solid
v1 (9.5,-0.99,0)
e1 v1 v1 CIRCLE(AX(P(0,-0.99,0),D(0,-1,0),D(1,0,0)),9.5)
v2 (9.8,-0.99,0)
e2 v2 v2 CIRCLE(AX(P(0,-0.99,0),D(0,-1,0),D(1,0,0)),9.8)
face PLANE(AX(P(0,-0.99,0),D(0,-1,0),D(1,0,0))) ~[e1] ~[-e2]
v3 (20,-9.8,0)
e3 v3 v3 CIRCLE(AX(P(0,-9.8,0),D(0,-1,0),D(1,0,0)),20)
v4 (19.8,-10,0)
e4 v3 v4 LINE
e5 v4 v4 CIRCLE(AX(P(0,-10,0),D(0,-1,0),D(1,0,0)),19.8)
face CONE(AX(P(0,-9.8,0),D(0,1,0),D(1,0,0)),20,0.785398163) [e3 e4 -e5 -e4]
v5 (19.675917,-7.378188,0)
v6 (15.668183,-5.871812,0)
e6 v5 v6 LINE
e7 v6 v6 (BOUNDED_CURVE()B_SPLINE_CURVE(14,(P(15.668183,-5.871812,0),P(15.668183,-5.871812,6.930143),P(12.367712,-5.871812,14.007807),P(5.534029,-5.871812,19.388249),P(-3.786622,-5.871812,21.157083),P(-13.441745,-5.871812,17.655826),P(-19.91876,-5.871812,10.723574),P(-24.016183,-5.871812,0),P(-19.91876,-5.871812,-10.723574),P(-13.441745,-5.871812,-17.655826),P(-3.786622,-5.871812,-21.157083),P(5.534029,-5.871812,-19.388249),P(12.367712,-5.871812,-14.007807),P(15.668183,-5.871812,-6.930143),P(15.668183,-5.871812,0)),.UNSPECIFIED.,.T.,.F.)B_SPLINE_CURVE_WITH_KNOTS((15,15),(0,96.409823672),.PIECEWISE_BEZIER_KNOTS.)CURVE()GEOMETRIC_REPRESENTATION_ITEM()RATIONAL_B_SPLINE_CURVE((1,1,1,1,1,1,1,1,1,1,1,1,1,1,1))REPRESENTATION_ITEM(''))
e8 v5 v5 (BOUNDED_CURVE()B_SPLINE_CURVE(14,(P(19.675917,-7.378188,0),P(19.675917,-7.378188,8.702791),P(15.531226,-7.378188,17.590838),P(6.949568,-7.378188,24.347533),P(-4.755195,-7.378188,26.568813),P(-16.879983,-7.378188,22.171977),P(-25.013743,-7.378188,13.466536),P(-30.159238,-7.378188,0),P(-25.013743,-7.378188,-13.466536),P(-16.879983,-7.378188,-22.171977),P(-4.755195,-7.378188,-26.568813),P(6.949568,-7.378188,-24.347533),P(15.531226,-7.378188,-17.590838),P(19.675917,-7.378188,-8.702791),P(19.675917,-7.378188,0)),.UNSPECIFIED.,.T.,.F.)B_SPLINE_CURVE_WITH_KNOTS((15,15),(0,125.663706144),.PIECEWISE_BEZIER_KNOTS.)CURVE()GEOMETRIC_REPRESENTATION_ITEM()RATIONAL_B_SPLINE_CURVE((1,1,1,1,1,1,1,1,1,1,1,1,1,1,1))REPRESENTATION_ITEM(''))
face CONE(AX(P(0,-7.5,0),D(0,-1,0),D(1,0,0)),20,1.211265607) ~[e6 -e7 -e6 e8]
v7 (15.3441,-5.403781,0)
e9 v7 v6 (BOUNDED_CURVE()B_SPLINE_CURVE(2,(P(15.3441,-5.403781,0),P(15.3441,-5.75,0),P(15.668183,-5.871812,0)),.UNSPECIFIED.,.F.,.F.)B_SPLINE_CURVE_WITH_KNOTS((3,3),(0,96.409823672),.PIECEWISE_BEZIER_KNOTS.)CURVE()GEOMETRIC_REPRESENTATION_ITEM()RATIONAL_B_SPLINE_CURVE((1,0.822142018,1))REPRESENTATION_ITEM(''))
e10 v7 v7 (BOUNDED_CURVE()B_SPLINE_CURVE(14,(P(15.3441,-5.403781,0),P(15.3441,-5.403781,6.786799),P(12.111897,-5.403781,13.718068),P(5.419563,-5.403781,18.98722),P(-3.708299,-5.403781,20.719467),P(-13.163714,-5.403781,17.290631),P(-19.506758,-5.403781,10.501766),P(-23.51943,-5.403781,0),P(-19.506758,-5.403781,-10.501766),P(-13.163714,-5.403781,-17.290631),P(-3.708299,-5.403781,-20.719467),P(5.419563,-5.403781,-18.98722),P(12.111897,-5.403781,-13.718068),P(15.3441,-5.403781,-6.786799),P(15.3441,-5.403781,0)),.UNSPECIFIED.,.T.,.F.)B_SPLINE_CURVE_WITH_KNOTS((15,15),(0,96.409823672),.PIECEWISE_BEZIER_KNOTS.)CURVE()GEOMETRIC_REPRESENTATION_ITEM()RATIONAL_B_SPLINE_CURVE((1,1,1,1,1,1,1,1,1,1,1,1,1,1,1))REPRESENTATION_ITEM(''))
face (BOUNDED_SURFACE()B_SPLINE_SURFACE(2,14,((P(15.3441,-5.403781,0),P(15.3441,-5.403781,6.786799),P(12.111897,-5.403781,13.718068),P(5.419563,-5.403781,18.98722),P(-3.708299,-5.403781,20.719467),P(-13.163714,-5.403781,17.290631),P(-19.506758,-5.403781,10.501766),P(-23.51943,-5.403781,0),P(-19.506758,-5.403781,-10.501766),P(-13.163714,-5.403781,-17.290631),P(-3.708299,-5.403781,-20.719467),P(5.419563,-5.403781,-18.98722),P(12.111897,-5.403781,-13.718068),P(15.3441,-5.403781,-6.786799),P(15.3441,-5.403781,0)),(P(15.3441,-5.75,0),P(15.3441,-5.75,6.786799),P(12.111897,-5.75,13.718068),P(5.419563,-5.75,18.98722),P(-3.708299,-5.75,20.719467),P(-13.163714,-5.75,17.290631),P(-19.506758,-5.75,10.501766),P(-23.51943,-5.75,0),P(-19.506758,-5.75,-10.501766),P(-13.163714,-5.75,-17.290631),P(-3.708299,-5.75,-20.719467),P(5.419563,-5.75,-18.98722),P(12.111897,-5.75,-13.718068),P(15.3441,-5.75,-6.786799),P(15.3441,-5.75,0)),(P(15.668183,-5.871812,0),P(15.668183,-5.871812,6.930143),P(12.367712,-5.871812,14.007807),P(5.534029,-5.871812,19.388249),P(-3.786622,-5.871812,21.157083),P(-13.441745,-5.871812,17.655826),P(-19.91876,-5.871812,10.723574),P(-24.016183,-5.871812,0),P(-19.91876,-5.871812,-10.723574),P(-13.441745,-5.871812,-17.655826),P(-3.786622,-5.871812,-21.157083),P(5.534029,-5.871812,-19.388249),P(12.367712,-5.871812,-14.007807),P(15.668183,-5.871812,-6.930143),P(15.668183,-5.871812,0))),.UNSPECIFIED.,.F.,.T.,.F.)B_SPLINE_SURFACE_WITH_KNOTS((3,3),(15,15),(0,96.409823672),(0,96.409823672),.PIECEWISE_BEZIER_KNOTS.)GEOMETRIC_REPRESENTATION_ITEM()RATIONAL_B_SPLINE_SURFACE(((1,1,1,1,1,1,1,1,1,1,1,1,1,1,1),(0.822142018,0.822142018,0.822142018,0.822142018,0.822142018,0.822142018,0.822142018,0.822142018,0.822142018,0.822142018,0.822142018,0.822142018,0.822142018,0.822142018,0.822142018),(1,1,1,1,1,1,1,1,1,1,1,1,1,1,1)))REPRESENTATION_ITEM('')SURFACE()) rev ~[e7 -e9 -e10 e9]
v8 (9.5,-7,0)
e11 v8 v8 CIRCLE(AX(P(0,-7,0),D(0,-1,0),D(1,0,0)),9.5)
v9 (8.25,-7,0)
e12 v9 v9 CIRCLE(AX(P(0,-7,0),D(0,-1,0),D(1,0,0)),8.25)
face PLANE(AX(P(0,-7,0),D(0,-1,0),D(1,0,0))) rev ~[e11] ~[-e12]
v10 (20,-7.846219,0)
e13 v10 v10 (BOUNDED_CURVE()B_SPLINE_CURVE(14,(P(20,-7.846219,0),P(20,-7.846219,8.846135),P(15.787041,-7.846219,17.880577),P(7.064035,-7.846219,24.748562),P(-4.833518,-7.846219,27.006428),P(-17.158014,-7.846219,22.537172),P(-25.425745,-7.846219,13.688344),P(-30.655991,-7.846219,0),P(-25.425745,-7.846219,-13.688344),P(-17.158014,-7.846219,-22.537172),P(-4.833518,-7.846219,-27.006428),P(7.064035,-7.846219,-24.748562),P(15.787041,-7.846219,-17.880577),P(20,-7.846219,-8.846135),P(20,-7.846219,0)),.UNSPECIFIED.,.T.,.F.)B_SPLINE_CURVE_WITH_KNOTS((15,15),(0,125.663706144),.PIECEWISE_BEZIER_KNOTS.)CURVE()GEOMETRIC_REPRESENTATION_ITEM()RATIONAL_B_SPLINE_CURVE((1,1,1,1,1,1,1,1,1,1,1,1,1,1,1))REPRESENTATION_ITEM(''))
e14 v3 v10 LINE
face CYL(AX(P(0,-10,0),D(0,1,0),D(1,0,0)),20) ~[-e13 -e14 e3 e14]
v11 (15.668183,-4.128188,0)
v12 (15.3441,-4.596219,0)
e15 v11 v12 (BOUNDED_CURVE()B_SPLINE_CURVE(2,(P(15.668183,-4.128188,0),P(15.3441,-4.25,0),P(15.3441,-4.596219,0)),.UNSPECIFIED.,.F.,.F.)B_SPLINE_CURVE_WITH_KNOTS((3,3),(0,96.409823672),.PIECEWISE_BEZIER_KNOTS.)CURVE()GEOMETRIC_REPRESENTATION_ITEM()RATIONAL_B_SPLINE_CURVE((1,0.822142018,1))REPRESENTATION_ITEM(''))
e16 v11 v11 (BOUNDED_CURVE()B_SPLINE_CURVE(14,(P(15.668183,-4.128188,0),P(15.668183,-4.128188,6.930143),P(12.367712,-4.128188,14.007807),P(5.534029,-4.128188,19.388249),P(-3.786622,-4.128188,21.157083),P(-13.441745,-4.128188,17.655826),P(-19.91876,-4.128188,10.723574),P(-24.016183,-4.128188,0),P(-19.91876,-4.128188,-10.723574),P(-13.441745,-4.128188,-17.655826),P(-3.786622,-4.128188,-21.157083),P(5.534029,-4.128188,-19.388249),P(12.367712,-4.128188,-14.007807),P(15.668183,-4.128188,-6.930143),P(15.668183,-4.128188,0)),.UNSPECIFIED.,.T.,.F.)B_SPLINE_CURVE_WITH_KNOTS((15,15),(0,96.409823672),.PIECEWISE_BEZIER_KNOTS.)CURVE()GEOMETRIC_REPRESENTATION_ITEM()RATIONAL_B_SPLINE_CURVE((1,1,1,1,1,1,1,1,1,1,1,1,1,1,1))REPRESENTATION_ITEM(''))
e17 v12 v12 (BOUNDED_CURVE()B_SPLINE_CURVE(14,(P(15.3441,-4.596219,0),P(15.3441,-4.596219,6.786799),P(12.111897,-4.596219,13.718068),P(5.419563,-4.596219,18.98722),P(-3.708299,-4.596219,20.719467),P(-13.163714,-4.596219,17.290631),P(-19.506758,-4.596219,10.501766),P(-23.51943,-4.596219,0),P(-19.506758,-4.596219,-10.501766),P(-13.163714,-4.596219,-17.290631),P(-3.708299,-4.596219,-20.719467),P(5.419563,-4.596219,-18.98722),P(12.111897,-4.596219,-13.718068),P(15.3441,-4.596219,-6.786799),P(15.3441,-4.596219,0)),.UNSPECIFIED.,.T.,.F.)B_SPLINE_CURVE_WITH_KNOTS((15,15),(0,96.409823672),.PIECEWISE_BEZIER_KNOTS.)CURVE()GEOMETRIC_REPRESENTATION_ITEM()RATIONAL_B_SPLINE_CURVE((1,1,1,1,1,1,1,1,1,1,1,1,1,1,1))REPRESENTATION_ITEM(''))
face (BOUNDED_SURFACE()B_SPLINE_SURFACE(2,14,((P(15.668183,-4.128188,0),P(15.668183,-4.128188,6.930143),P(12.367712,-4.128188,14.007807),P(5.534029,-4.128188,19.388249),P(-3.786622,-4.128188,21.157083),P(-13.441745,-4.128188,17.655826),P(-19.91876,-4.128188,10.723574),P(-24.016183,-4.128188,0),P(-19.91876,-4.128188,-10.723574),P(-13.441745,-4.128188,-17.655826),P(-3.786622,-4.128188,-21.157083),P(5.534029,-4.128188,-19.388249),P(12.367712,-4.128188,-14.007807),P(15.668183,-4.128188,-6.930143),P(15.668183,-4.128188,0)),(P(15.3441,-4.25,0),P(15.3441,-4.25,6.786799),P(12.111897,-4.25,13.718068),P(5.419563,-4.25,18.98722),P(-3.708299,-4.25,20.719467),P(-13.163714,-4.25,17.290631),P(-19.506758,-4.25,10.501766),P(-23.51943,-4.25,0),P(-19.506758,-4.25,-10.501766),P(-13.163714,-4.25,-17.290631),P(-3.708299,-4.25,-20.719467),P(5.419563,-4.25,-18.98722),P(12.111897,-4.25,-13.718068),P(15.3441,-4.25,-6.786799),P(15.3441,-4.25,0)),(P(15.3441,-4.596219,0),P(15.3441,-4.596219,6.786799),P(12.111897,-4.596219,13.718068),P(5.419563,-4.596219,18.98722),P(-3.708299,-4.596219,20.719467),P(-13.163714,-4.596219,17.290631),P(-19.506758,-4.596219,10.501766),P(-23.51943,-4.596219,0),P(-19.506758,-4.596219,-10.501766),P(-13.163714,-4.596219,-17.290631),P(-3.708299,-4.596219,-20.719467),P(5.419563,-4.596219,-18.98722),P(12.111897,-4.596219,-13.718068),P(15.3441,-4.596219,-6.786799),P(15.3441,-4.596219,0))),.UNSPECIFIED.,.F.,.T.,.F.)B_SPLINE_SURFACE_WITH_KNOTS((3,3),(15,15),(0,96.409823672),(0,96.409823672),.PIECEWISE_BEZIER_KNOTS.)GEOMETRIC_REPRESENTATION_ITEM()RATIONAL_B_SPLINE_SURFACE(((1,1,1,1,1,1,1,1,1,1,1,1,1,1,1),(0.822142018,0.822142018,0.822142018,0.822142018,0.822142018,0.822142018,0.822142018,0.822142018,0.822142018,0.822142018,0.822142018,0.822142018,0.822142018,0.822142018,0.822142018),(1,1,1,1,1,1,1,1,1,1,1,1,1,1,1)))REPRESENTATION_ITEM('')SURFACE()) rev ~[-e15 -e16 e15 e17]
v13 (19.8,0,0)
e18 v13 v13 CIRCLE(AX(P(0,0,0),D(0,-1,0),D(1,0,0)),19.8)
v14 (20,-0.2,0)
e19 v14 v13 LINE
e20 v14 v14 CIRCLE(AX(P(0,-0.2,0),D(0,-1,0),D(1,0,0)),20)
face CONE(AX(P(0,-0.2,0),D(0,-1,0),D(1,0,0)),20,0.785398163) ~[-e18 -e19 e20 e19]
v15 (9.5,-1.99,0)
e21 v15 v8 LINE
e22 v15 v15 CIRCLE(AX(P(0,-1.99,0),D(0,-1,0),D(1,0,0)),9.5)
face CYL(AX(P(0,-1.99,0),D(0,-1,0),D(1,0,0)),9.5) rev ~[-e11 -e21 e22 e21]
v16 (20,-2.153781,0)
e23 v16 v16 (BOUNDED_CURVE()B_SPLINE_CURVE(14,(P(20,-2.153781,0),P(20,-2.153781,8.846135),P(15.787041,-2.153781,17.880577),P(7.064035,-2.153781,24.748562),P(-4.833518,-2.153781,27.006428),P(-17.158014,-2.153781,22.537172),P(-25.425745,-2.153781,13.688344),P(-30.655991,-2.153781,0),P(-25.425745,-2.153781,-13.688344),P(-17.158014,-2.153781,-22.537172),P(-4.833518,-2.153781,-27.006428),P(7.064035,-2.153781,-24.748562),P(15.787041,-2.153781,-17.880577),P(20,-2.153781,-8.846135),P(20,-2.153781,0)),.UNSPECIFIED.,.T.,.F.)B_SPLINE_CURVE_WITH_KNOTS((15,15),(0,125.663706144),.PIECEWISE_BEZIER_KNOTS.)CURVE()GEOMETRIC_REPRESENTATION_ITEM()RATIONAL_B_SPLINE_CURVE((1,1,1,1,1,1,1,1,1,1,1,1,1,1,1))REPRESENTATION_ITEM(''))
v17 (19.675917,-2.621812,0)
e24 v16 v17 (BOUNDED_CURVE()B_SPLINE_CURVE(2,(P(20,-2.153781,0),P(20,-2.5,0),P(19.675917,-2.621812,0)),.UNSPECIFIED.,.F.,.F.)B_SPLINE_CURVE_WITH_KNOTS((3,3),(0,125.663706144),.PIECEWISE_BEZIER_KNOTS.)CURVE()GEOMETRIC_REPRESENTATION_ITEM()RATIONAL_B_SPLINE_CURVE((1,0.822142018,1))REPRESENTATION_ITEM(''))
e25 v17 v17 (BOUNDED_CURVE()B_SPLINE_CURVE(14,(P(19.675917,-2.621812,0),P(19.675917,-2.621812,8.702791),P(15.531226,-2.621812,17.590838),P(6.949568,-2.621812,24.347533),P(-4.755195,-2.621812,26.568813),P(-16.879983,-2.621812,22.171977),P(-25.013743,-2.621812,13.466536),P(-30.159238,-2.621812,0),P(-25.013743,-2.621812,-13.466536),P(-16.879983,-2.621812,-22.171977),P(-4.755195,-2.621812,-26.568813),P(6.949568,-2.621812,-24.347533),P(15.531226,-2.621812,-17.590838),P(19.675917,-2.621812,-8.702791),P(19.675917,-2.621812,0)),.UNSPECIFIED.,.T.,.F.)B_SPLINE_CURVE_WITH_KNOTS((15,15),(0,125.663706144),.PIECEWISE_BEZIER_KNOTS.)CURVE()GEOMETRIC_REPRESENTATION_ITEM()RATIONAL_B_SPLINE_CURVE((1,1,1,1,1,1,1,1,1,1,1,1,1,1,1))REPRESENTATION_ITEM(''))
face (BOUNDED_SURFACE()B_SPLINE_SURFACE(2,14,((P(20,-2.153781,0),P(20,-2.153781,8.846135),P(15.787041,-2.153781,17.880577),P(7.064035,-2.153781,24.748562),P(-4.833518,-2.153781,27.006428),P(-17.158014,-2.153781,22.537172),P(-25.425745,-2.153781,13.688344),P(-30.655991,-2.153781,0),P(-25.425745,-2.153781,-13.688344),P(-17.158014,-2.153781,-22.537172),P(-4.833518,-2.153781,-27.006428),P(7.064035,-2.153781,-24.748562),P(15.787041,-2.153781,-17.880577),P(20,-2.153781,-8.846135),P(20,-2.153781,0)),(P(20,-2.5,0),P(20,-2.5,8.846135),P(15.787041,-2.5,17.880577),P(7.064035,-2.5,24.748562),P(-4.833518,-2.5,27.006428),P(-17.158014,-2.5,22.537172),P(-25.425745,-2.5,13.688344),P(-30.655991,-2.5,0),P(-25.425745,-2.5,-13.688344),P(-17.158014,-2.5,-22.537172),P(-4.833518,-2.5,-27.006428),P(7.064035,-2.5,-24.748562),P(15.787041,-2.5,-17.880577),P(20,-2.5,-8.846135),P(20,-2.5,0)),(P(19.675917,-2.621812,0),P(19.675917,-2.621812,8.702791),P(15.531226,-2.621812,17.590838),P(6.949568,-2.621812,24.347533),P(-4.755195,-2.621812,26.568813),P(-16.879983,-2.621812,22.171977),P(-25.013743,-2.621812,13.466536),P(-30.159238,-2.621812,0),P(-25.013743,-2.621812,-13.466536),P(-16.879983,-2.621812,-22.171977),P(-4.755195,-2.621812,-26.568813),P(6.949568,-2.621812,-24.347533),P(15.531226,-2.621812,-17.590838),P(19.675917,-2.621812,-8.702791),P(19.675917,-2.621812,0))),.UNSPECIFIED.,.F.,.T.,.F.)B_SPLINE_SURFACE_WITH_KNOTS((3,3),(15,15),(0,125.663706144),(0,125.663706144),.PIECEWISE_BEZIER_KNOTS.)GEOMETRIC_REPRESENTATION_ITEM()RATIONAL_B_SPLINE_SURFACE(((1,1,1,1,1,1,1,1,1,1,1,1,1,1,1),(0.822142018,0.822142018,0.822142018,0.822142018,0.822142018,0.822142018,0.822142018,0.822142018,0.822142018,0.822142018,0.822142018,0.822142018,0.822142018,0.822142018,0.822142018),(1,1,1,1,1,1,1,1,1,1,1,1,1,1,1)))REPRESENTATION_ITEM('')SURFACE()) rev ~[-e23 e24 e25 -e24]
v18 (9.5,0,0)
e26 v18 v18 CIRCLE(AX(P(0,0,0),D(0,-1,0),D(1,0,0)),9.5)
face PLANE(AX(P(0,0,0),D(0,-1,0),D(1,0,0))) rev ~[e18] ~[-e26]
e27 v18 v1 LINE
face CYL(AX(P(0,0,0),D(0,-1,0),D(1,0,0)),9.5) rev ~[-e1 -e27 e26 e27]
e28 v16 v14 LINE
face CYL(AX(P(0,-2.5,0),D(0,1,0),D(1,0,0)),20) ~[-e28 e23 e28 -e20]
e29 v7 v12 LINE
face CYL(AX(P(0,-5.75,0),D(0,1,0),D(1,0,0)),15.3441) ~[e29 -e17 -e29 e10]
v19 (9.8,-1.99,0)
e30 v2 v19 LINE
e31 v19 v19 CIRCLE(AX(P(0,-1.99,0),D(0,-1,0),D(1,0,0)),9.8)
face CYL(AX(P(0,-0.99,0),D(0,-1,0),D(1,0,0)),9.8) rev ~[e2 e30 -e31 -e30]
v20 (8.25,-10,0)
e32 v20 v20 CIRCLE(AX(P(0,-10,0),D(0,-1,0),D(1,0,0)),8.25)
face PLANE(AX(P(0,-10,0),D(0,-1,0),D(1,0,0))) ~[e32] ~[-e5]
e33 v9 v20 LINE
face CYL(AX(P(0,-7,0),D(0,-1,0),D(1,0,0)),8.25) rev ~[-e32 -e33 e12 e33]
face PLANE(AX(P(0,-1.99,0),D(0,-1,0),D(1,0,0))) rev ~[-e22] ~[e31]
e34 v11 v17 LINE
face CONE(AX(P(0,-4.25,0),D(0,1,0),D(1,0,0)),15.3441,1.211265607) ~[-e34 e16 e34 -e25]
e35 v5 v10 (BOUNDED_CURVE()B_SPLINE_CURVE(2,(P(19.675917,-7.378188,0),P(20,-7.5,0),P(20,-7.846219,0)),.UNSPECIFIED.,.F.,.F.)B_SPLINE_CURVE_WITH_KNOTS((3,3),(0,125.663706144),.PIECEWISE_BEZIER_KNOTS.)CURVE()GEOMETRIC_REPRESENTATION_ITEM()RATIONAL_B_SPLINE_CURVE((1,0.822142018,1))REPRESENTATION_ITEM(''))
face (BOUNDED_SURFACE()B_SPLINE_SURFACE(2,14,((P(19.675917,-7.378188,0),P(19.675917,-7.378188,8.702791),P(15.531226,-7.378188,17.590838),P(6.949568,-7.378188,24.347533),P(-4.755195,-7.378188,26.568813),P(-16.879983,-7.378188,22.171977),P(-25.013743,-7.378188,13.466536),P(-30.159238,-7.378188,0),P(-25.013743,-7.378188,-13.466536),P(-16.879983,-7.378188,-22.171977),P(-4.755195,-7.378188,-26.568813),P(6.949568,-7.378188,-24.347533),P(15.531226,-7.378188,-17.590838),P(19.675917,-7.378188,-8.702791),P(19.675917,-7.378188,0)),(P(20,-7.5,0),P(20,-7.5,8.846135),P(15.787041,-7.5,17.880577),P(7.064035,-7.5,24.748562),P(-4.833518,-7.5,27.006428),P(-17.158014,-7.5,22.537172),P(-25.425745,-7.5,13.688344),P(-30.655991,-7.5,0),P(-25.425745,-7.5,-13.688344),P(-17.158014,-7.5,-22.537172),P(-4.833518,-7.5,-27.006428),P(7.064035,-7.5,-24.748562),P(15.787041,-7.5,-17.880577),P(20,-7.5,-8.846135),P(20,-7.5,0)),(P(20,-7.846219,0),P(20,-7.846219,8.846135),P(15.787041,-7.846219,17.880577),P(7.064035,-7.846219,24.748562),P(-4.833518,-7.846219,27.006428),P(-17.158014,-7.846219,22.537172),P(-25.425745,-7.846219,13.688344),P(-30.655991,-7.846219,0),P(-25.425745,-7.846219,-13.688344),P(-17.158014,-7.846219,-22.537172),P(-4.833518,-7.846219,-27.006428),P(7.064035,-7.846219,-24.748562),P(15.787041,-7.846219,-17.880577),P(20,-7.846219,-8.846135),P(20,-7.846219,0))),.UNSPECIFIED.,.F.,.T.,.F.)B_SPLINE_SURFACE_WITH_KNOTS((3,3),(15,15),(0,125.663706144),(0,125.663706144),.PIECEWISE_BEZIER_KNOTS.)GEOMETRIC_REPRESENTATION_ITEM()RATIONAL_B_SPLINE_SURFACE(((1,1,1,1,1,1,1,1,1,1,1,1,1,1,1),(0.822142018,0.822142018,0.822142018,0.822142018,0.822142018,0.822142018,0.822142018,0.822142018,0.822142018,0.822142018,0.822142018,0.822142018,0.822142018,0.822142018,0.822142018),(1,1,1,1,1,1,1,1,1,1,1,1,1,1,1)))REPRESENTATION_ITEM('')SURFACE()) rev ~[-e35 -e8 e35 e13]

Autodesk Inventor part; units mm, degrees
ref_plane "YZ Plane" through (0, 0, 0) normal (1, 0, 0) x (0, 1, 0)
ref_plane "XZ Plane" through (0, 0, 0) normal (0, 1, 0) x (-1, 0, 0)
ref_plane "XY Plane" through (0, 0, 0) normal (0, 0, 1) x (1, 0, 0)
sketch "Sketch1" plane through (0, 0, 0) normal (0, 0, 1) x (1, 0, 0)
  line L0 (0, 0) -> (0, -10) construction
  line L1 (8.25, -10) -> (20, -10)
  line L2 (20, -10) -> (20, -7.5)
  line L3 (20, -7.5) -> (15.3441, -5.75)
  line L4 (15.3441, -5.75) -> (15.3441, -4.25)
  line L5 (15.3441, -4.25) -> (20, -2.5)
  line L6 (20, -2.5) -> (20, 0)
  line L7 (20, 0) -> (9.5, 0)
  line L8 (9.5, 0) -> (9.5, -0.99)
  line L9 (9.5, -0.99) -> (9.8, -0.99)
  line L10 (9.8, -0.99) -> (9.8, -1.99)
  line L11 (9.8, -1.99) -> (9.5, -1.99)
  line L12 (9.5, -1.99) -> (9.5, -7)
  line L13 (9.5, -7) -> (8.25, -7)
  line L14 (8.25, -7) -> (8.25, -10)
  line L15 (15.3441, -5) -> (20.953, -5) construction
  dimension "d0" = 11.75
  dimension "d1" = 3
  dimension "Length" = 10
  dimension "d3" = 0.99
  dimension "d4" = 1
  dimension "d5" = 0.3
  dimension "d6" = 1.25
  dimension "d7" = 8.25
  dimension "d8" = 1.5
  dimension "d9" = 2.5
  dimension "d10" = 4.6559
revolve "Revolution1" add sketch "Sketch1" angle 360 about axis through (0, 0, 0) along (0, -1, 0)
fillet "Fillet1" radius 0.5 4 edges at (-15.3441, -5.75, 0) (-15.3441, -4.25, 0) (-20, -7.5, 0) (-20, -2.5, 0)
chamfer "Chamfer1" distance 0.2 angle 45 2 edges at (-20, 0, 0) (-20, -10, 0)
equation "\"Diameter\" = 40"
properties part number "Pully" material "Steel, Cast"
